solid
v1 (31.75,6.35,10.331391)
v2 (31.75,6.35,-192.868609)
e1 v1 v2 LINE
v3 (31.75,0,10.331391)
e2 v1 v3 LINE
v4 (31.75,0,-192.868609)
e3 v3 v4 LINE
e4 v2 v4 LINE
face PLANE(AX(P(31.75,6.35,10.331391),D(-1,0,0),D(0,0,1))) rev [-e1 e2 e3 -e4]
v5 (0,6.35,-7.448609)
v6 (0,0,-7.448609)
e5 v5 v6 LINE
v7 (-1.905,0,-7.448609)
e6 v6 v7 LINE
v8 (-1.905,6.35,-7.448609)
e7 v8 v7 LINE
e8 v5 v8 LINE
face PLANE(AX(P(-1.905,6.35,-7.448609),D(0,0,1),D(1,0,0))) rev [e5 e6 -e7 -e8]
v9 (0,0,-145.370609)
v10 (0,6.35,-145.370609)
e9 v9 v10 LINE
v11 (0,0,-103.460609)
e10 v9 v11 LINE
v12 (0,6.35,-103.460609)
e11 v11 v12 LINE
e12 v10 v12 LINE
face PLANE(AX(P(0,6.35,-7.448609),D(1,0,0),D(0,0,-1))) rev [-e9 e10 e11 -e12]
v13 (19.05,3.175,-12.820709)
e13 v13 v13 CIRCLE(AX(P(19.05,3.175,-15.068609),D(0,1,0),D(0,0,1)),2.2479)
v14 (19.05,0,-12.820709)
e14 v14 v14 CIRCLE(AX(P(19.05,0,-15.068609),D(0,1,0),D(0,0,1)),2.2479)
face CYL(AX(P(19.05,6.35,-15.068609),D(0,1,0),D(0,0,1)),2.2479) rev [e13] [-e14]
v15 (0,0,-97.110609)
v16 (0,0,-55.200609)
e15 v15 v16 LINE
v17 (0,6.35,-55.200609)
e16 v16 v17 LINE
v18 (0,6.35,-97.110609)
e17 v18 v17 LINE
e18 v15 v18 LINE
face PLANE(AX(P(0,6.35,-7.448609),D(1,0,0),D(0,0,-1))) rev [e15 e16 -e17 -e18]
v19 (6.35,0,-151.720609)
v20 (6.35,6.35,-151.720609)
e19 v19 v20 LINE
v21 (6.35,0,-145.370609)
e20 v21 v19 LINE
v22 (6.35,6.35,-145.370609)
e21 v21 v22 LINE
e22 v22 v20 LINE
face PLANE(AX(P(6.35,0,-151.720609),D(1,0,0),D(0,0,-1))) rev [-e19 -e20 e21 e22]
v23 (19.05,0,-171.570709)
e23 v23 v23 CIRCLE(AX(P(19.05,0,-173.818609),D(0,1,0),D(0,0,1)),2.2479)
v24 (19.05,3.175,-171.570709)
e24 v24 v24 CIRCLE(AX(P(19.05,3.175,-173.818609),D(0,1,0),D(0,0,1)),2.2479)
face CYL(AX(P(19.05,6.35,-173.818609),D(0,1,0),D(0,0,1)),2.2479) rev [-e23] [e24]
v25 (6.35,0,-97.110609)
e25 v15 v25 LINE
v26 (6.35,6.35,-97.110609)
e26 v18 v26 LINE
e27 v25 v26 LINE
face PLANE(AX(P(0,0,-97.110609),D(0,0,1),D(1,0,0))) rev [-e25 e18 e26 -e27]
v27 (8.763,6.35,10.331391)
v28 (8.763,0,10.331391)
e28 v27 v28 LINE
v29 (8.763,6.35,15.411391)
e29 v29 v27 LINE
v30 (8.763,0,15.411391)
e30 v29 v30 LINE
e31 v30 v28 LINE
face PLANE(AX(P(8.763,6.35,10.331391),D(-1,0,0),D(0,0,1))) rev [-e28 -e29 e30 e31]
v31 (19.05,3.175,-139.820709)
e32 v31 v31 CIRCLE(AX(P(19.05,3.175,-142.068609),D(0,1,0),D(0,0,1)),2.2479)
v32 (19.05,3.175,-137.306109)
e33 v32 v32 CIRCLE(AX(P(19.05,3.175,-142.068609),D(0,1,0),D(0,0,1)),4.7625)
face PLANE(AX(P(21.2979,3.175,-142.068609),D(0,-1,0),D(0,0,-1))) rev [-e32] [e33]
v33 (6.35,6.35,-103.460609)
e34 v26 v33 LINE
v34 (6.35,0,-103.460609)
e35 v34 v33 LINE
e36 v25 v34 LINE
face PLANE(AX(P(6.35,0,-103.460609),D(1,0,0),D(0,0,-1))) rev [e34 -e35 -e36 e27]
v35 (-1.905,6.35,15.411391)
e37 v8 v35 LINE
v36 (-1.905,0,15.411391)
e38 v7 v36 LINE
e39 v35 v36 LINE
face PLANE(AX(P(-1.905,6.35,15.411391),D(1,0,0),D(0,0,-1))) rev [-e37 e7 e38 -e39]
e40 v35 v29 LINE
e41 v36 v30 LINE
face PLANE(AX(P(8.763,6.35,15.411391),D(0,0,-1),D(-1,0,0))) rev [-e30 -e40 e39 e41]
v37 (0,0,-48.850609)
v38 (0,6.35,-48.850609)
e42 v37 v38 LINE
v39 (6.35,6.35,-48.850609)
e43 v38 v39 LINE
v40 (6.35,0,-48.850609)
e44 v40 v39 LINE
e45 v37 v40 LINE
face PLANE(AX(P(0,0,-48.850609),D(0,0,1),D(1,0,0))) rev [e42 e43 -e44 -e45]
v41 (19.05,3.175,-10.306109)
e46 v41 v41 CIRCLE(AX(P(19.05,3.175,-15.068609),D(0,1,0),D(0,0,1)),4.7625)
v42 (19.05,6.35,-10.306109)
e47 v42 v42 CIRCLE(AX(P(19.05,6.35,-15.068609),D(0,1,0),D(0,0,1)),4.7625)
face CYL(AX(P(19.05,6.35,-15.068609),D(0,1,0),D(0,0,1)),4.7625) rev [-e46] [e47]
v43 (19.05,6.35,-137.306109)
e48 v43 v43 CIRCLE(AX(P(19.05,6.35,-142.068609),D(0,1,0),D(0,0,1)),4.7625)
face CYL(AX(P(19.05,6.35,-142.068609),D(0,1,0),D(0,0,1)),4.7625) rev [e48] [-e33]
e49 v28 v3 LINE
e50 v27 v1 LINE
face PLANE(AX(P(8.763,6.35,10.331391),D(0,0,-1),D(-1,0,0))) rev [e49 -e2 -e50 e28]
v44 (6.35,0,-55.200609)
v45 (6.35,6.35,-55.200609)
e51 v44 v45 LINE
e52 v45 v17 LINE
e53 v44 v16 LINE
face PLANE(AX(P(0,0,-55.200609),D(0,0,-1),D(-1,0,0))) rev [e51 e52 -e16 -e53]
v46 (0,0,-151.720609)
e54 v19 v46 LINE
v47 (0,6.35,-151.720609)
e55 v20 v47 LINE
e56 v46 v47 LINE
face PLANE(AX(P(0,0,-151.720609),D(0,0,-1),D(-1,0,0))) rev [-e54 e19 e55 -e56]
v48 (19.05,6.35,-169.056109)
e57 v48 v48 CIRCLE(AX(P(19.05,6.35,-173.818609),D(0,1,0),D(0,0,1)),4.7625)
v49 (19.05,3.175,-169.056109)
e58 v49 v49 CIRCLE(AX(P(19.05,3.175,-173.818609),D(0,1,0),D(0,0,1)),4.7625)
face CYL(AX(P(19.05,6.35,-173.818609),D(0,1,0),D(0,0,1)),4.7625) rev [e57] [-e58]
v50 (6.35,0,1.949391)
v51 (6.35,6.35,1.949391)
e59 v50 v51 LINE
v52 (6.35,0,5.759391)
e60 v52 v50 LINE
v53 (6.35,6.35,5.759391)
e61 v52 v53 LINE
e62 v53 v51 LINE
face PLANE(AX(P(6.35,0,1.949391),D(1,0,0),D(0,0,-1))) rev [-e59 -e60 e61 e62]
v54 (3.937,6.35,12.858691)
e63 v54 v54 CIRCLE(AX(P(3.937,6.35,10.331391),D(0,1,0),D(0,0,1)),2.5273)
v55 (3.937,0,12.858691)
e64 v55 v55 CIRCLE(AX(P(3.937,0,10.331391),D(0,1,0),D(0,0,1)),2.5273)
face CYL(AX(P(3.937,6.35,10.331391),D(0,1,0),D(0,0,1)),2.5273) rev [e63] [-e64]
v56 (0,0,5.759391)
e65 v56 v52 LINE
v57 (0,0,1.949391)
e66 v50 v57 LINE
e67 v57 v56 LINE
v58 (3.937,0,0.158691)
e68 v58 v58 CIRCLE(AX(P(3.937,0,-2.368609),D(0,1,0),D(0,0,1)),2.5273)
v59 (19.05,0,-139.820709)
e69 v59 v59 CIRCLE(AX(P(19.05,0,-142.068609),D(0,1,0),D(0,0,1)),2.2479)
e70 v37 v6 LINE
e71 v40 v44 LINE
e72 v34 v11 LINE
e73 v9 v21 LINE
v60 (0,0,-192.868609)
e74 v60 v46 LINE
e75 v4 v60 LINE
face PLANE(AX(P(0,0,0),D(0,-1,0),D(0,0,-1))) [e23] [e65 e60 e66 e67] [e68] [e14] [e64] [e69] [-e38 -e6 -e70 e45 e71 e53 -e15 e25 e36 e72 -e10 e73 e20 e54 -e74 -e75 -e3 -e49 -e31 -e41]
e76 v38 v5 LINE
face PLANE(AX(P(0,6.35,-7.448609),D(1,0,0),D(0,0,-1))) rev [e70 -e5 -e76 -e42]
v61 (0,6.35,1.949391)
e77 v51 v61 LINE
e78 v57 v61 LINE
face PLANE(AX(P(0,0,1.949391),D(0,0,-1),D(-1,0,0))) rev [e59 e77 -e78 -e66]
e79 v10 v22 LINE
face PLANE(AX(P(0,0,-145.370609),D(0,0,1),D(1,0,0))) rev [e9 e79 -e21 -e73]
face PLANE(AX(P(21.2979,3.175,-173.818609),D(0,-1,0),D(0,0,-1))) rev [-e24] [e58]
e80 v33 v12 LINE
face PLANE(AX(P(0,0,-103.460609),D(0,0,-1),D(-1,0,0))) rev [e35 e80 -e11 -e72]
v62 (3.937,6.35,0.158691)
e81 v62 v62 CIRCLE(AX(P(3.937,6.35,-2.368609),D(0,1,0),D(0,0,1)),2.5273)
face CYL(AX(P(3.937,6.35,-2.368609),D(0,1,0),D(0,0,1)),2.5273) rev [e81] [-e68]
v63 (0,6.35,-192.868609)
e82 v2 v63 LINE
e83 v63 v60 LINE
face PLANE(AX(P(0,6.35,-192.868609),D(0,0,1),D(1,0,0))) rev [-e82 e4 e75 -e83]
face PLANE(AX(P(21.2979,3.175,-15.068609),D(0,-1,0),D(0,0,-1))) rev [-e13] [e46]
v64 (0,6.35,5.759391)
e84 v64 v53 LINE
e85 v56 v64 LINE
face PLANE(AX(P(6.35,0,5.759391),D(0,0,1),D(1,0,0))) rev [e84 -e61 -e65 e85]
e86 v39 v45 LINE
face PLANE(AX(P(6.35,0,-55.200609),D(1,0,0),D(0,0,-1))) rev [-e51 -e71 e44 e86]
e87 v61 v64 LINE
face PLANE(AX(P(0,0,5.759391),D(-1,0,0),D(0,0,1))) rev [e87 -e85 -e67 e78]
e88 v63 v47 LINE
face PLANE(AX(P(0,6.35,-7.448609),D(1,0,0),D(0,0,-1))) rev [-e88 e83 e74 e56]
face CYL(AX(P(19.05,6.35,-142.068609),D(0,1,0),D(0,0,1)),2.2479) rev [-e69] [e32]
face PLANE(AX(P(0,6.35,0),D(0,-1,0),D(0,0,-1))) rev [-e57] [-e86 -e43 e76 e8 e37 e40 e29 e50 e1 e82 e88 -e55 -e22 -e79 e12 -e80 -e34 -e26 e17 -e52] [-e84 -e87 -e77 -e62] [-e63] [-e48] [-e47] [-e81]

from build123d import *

# Parameters (mm, degrees)
BOSS_EXTRUDE1_DEPTH                                 = 6.35
SKETCH2_W                                           = 6.35
SKETCH2_H                                           = 6.35
CUT_EXTRUDE1_DEPTH                                  = 7.35
F_8_0_199_DIAMETER_HOLE1_D                          = 5.0546
SKETCH5_W                                           = 6.35
SKETCH5_H                                           = 3.81
CUT_EXTRUDE2_DEPTH                                  = 7.35
CBORE_FOR_8_BINDING_HEAD_MACHINE_SCREW1_D           = 4.4958
CBORE_FOR_8_BINDING_HEAD_MACHINE_SCREW1_CBORE_D     = 9.525
CBORE_FOR_8_BINDING_HEAD_MACHINE_SCREW1_CBORE_DEPTH = 3.175


with BuildPart() as part:
    # Sketch1 → Boss-Extrude1 (new body)
    with BuildSketch(Plane(origin=(0, 0, 0), x_dir=(1, 0, 0), z_dir=(0, 1, 0))):
        Polygon((8.763, -10.331391255), (8.763, -15.411391255), (-1.905, -15.411391255), (-1.905, 7.448608745), (0, 7.448608745), (0, 192.868608745), (31.75, 192.868608745), (31.75, -10.331391255), align=None)
    extrude(amount=BOSS_EXTRUDE1_DEPTH)

    # Sketch2 → Cut-Extrude1 (cut, through all)
    with BuildSketch(Plane(origin=(0, 6.35, 0), x_dir=(1, 0, 0), z_dir=(0, 1, 0))):
        with Locations((3.175, 52.025608745)):
            Rectangle(SKETCH2_W, SKETCH2_H)
        with Locations((3.175, 100.285608745)):
            Rectangle(SKETCH2_W, SKETCH2_H)
        with Locations((3.175, 148.545608745)):
            Rectangle(SKETCH2_W, SKETCH2_H)
    extrude(amount=-CUT_EXTRUDE1_DEPTH, mode=Mode.SUBTRACT)

    # #8 (0.199) Diameter Hole1 (through all)
    with Locations(Plane(origin=(0, 6.35, 0), x_dir=(1, 0, 0), z_dir=(0, 1, 0))):
        with Locations((3.937, 2.368608745), (3.937, -10.331391255)):
            Hole(F_8_0_199_DIAMETER_HOLE1_D / 2)

    # Sketch5 → Cut-Extrude2 (cut, through all)
    with BuildSketch(Plane(origin=(0, 6.35, 0), x_dir=(1, 0, 0), z_dir=(0, 1, 0))):
        with Locations((3.175, -3.854391255)):
            Rectangle(SKETCH5_W, SKETCH5_H)
    extrude(amount=-CUT_EXTRUDE2_DEPTH, mode=Mode.SUBTRACT)

    # CBORE for #8 Binding Head Machine Screw1 (through all)
    with Locations(Plane(origin=(0, 6.35, 0), x_dir=(1, 0, 0), z_dir=(0, 1, 0))):
        with Locations((19.05, 173.818608745), (19.05, 142.068608745), (19.05, 15.068608745)):
            CounterBoreHole(CBORE_FOR_8_BINDING_HEAD_MACHINE_SCREW1_D / 2, CBORE_FOR_8_BINDING_HEAD_MACHINE_SCREW1_CBORE_D / 2, CBORE_FOR_8_BINDING_HEAD_MACHINE_SCREW1_CBORE_DEPTH)


solid = part.part
